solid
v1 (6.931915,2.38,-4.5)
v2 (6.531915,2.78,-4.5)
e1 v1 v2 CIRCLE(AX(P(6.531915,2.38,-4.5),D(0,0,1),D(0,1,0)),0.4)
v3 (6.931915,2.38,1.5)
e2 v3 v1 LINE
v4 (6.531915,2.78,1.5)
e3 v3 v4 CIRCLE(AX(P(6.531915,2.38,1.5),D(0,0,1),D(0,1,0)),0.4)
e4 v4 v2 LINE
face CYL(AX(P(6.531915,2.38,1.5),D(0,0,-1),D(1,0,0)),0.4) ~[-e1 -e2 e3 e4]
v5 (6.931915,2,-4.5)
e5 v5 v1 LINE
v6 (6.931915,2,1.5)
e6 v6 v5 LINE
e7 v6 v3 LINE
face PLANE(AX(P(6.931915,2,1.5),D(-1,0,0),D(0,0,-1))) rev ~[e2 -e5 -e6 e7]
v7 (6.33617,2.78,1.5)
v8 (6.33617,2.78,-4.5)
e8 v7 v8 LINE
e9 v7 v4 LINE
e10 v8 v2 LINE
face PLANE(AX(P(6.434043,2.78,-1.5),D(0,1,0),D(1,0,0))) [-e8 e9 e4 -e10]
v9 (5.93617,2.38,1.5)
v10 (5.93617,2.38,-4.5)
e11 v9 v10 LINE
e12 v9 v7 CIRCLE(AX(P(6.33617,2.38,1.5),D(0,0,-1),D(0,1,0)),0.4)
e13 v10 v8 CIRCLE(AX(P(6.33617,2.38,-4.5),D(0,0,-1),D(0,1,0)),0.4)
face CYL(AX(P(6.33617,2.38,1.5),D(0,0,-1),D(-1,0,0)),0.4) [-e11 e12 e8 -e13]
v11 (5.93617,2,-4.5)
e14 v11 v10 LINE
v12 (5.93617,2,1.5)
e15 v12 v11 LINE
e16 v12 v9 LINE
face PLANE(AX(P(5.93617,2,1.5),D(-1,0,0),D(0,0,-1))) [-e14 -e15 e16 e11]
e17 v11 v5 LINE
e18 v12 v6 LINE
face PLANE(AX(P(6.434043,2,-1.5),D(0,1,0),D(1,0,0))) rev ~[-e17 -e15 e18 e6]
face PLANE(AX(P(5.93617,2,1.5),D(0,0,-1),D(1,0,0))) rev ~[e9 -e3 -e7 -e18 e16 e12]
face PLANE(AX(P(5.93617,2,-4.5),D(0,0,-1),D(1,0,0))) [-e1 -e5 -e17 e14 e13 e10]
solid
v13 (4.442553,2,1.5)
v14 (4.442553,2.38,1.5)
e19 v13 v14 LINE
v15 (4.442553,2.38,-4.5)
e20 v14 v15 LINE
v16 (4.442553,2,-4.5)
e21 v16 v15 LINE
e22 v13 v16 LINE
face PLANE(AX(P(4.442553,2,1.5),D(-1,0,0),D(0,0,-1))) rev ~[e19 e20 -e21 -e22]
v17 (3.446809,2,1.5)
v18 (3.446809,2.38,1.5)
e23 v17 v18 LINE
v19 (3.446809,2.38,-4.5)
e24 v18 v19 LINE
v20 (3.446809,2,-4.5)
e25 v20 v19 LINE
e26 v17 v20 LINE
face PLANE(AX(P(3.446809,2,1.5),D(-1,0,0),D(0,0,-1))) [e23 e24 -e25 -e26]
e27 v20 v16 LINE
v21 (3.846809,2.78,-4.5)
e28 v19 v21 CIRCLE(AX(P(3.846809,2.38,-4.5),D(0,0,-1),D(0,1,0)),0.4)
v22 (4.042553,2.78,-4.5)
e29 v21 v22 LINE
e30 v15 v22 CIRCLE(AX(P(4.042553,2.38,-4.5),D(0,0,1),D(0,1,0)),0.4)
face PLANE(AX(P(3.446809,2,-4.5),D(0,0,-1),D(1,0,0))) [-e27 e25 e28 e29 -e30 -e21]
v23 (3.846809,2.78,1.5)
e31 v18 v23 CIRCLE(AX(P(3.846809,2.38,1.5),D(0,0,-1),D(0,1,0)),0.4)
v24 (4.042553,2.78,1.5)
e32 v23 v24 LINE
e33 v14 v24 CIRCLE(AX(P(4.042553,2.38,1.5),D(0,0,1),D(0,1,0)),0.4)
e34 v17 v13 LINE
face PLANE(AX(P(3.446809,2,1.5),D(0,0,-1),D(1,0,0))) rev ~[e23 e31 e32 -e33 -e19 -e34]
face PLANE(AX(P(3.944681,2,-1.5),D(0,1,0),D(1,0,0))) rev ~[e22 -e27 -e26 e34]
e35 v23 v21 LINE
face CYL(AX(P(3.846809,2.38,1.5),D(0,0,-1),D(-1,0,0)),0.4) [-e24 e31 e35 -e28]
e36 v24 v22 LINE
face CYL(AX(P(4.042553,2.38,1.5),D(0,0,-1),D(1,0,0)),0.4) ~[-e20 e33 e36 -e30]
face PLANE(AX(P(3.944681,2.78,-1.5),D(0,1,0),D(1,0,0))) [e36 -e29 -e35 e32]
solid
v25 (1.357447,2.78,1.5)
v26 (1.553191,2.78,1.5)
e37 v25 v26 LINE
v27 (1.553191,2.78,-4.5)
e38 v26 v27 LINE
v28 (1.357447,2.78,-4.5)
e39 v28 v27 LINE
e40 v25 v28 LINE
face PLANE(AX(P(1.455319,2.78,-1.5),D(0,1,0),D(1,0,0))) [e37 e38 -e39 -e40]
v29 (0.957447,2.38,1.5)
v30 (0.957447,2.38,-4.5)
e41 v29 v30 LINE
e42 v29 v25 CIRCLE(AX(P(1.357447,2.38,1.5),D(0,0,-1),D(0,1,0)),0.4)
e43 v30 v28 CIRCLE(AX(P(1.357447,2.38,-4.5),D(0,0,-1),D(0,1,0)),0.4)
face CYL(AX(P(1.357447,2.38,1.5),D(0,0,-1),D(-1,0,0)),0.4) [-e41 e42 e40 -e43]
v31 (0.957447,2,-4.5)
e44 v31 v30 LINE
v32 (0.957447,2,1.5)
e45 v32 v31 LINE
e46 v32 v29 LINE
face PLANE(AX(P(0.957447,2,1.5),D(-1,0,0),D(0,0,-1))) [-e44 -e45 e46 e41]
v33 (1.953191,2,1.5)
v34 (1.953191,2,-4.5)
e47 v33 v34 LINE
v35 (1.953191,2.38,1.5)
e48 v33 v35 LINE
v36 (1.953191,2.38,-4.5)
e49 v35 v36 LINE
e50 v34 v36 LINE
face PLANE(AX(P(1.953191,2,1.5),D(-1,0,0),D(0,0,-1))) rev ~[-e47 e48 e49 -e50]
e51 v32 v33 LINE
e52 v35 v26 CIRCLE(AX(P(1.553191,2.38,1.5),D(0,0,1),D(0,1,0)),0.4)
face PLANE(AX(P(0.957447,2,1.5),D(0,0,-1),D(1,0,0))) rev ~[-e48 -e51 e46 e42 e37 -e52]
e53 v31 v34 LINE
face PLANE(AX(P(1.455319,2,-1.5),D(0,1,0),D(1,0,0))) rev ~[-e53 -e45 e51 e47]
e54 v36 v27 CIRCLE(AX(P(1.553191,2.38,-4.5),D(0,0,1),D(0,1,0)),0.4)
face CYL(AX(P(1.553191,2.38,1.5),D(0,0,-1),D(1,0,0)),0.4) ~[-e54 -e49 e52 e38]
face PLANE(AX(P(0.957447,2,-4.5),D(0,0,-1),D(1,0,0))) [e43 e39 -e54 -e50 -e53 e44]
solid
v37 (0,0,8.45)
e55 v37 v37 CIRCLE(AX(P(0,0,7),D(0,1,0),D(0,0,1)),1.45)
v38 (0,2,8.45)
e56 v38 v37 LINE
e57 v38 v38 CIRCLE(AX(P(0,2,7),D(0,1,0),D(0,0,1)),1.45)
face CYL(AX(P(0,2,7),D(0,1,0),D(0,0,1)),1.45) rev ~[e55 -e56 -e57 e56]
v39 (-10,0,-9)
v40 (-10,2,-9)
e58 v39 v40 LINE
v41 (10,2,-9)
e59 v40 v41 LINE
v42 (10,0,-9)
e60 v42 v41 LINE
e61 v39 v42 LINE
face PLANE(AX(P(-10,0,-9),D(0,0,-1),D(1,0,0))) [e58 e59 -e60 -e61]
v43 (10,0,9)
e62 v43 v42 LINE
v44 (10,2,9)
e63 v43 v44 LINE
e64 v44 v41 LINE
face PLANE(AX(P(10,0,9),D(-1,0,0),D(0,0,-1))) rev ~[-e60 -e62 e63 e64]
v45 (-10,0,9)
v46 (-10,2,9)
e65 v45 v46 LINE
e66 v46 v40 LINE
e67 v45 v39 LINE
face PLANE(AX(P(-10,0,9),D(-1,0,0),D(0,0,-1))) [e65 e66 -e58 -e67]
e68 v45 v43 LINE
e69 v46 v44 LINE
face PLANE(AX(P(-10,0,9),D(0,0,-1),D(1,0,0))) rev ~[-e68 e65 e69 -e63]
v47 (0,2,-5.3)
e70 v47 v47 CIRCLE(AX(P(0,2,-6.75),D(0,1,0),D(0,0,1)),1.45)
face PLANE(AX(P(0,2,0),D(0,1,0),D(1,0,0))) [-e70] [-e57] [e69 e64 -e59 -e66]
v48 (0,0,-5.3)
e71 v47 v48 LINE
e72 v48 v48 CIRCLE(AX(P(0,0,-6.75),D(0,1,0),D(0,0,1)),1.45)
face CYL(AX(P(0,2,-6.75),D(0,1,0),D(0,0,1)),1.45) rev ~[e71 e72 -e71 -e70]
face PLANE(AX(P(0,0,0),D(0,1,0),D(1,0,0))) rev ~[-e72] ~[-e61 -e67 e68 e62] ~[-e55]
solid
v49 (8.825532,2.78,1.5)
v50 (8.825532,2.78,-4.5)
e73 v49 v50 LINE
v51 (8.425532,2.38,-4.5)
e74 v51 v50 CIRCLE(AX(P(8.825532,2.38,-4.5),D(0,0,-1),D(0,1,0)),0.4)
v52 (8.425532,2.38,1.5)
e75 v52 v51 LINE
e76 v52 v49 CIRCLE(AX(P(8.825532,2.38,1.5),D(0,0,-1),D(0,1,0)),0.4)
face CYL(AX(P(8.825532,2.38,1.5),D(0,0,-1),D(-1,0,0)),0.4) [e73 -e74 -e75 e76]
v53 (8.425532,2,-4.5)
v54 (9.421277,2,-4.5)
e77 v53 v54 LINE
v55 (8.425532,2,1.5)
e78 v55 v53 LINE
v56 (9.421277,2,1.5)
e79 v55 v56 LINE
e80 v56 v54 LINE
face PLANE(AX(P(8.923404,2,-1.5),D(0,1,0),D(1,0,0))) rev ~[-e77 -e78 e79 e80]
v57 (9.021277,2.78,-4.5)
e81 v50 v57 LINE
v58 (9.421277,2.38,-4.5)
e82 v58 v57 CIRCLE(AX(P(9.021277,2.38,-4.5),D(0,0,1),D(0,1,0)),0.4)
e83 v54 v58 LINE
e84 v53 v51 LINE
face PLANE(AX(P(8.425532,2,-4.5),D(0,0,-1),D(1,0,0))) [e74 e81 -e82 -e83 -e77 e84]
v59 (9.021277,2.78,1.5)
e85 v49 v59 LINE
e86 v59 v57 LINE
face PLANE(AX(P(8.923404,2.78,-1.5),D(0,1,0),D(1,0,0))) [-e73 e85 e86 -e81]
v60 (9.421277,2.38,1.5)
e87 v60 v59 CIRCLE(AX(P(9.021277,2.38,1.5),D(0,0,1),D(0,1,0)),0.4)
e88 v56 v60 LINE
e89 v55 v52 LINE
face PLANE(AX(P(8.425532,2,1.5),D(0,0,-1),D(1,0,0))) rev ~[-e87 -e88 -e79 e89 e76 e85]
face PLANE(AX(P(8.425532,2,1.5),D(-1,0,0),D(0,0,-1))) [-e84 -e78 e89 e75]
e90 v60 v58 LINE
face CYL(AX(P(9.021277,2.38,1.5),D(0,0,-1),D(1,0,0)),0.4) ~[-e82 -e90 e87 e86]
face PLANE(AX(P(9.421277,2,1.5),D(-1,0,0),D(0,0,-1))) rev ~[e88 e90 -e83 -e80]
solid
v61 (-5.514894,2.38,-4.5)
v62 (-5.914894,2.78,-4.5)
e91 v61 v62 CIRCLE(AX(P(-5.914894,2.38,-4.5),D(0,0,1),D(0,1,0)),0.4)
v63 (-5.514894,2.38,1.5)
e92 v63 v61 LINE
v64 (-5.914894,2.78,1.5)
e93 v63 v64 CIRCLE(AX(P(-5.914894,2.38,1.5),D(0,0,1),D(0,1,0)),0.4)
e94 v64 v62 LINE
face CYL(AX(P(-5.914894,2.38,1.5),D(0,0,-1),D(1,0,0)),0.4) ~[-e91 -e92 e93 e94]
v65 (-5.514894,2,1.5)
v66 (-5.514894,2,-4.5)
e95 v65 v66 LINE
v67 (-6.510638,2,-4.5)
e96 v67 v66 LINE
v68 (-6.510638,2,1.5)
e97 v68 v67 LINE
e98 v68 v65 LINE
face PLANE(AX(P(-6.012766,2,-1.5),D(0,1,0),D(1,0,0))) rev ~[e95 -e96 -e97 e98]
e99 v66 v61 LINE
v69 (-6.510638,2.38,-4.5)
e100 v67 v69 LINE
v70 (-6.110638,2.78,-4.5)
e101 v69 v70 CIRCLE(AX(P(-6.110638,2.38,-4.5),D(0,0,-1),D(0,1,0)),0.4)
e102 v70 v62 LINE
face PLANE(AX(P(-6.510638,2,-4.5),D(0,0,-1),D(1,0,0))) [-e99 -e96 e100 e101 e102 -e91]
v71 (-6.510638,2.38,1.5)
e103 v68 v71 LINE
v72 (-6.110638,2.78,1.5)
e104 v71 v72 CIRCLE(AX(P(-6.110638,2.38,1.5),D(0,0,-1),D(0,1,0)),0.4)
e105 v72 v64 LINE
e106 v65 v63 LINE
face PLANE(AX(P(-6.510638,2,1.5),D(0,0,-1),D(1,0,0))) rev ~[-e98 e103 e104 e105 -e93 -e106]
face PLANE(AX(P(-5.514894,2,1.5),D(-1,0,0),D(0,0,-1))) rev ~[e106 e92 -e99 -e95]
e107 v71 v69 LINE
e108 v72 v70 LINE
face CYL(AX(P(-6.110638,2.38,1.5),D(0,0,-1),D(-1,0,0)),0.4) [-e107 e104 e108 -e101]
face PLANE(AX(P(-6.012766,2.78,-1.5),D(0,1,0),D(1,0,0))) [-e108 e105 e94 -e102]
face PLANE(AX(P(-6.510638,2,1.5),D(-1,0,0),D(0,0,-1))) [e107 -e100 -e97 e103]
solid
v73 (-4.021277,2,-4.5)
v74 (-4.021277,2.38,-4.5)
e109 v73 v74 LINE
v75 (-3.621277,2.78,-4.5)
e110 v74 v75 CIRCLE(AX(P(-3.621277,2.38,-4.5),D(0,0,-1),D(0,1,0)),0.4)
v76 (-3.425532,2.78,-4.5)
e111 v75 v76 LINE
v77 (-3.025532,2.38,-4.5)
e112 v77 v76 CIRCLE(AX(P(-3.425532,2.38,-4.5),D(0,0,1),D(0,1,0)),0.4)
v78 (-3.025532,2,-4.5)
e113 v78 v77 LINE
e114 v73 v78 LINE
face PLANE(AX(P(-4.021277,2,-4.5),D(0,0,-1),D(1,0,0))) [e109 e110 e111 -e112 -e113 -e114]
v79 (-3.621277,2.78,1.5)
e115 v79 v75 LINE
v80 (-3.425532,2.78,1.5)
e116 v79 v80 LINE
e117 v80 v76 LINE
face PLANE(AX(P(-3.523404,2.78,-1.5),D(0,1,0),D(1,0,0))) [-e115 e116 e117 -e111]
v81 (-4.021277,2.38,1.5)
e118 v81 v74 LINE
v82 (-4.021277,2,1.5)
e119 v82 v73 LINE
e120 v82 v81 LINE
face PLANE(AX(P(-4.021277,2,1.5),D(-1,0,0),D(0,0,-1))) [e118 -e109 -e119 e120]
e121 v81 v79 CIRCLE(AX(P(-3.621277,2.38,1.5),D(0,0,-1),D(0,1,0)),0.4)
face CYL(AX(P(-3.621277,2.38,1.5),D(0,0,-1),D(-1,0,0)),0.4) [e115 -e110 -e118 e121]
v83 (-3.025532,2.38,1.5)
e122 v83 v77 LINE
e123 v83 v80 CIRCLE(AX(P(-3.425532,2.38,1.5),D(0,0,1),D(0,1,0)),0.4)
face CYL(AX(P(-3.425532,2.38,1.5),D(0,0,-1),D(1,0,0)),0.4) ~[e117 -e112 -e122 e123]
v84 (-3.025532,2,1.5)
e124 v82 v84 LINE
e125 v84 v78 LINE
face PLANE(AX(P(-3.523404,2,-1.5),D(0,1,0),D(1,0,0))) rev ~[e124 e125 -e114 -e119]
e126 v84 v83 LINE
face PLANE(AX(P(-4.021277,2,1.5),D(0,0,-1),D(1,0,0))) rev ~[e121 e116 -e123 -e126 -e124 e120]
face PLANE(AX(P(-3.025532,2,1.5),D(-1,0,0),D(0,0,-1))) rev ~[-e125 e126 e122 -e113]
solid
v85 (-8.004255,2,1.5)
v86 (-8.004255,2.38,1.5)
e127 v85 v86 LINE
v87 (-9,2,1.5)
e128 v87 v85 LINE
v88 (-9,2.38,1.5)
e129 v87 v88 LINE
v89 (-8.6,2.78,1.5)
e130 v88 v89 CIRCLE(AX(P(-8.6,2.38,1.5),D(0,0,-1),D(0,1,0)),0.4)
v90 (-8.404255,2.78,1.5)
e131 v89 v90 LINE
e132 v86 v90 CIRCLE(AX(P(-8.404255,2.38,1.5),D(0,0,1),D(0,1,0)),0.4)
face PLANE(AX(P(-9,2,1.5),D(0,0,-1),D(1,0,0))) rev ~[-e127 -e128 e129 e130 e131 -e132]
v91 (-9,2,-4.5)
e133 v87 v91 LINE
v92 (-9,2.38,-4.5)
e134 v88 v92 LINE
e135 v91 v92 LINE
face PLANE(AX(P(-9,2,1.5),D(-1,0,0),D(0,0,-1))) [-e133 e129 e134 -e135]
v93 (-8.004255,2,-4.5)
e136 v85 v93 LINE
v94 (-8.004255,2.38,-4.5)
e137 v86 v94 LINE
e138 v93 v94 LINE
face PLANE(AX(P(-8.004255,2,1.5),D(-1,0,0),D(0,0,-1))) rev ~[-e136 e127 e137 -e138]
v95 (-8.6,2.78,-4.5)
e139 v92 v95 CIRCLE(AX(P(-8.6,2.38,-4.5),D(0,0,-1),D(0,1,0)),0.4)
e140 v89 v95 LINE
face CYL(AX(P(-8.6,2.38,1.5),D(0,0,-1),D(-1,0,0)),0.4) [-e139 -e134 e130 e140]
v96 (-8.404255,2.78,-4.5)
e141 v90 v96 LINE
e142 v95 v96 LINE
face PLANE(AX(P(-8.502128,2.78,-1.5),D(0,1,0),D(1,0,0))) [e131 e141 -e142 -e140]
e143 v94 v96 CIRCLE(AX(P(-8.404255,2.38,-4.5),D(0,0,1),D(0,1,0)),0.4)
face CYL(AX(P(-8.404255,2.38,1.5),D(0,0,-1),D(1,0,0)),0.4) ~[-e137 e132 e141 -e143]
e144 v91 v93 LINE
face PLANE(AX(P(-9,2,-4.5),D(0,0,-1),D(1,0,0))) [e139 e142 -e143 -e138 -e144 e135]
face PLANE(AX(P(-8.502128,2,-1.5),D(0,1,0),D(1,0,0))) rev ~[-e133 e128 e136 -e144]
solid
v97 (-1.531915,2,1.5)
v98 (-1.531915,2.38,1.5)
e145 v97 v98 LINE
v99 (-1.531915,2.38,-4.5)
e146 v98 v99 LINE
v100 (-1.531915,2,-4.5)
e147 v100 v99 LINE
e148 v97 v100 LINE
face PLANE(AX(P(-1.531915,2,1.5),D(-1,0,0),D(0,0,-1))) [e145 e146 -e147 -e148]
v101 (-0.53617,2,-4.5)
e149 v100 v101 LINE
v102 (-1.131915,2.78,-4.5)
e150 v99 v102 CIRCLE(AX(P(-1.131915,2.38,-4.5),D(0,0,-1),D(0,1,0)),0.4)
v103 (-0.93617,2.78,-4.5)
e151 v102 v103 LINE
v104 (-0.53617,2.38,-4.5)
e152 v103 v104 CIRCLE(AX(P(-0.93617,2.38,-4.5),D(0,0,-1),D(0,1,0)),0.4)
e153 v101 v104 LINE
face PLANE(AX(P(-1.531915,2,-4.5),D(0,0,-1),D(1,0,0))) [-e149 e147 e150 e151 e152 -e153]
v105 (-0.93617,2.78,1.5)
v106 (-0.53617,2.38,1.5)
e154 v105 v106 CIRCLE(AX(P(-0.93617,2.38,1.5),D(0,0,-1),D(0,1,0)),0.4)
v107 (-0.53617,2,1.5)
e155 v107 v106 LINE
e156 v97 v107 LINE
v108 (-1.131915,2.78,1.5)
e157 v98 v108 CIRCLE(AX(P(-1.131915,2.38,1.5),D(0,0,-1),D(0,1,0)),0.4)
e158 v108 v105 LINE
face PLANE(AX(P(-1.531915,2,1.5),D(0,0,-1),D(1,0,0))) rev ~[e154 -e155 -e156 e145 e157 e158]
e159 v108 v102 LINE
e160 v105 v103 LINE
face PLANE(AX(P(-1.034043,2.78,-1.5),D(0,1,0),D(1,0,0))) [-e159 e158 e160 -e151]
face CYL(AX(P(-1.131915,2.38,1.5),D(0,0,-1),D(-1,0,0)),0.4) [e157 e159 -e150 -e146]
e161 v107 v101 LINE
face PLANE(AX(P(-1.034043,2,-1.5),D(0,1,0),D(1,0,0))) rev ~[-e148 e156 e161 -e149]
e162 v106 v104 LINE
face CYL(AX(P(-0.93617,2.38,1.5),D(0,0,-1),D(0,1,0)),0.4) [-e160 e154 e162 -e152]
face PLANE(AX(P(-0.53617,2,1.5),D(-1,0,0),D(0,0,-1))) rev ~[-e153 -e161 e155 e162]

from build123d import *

# Parameters (mm, degrees)
SKETCH_1_W          = 20
SKETCH_1_H          = 18
EXTRUDE_1_DEPTH     = 2
SKETCH_2_R          = 1.45
CUT_EXTRUDE_1_DEPTH = 2
SKETCH_6_W          = 0.995744681
SKETCH_6_H          = 6
EXTRUDE_4_DEPTH     = 0.78
EXTRUDE_4_2_DEPTH   = 0.78
SKETCH_6_W_2        = 0.99574468
EXTRUDE_4_3_DEPTH   = 0.78
EXTRUDE_4_4_DEPTH   = 0.78
EXTRUDE_4_5_DEPTH   = 0.78
EXTRUDE_4_6_DEPTH   = 0.78
EXTRUDE_4_7_DEPTH   = 0.78
EXTRUDE_4_8_DEPTH   = 0.78
FILLET_11_R         = 0.4
FILLET_12_R         = 0.4
FILLET_13_R         = 0.4
FILLET_14_R         = 0.4
FILLET_15_R         = 0.4
FILLET_16_R         = 0.4
FILLET_17_R         = 0.4
FILLET_18_R         = 0.4
FILLET_19_R         = 0.4


with BuildPart() as part:
    # 草图1 → 凸台-拉伸1 (new body)
    with BuildSketch(Plane(origin=(0, 0, 0), x_dir=(1, 0, 0), z_dir=(0, 1, 0))):
        Rectangle(SKETCH_1_W, SKETCH_1_H)
    extrude(amount=EXTRUDE_1_DEPTH)

    # 草图2 → 切除-拉伸1 (cut)
    with BuildSketch(Plane(origin=(-240.647809903, 2, 128.997706918), x_dir=(-0.03789144558413265, 0, 0.9992818613141864), z_dir=(0, 1, 0))):
        with Locations(Location((-131.028589039, 235.852321928, 0), (0, 0, 2.171539759))):
            Circle(SKETCH_2_R)
        with Locations(Location((-144.768714632, 235.331314552, 0), (0, 0, 2.171539759))):
            Circle(SKETCH_2_R)
    extrude(amount=-CUT_EXTRUDE_1_DEPTH, mode=Mode.SUBTRACT)


with BuildPart() as body_2:
    # 草图6 → 凸台-拉伸4 (new body)
    with BuildSketch(Plane(origin=(0, 2, 0), x_dir=(1, 0, 0), z_dir=(0, 1, 0))):
        with Locations((8.923404255, 1.5)):
            Rectangle(SKETCH_6_W, SKETCH_6_H)
    extrude(amount=EXTRUDE_4_DEPTH)

    # 圆角19
    fillet_19_edges = [body_2.edges().sort_by_distance(p)[0] for p in [
        (8.425531915, 2.78, -1.5),
        (9.421276596, 2.78, -1.5),
    ]]
    fillet(fillet_19_edges, radius=FILLET_19_R)


with BuildPart() as body_3:
    # 草图6 → Extrude 4 2 (new body)
    with BuildSketch(Plane(origin=(0, 2, 0), x_dir=(1, 0, 0), z_dir=(0, 1, 0))):
        with Locations((6.434042554, 1.5)):
            Rectangle(SKETCH_6_W, SKETCH_6_H)
    extrude(amount=EXTRUDE_4_2_DEPTH)

    # 圆角18
    fillet_18_edges = [body_3.edges().sort_by_distance(p)[0] for p in [
        (5.936170213, 2.78, -1.5),
        (6.931914894, 2.78, -1.5),
    ]]
    fillet(fillet_18_edges, radius=FILLET_18_R)


with BuildPart() as body_4:
    # 草图6 → Extrude 4 3 (new body)
    with BuildSketch(Plane(origin=(0, 2, 0), x_dir=(1, 0, 0), z_dir=(0, 1, 0))):
        with Locations((3.944680851, 1.5)):
            Rectangle(SKETCH_6_W_2, SKETCH_6_H)
    extrude(amount=EXTRUDE_4_3_DEPTH)

    # 圆角17
    fillet_17_edges = [body_4.edges().sort_by_distance(p)[0] for p in [
        (3.446808511, 2.78, -1.5),
        (4.442553191, 2.78, -1.5),
    ]]
    fillet(fillet_17_edges, radius=FILLET_17_R)


with BuildPart() as body_5:
    # 草图6 → Extrude 4 4 (new body)
    with BuildSketch(Plane(origin=(0, 2, 0), x_dir=(1, 0, 0), z_dir=(0, 1, 0))):
        with Locations((1.455319149, 1.5)):
            Rectangle(SKETCH_6_W_2, SKETCH_6_H)
    extrude(amount=EXTRUDE_4_4_DEPTH)

    # 圆角16
    fillet_16_edges = [body_5.edges().sort_by_distance(p)[0] for p in [
        (0.957446809, 2.78, -1.5),
        (1.953191489, 2.78, -1.5),
    ]]
    fillet(fillet_16_edges, radius=FILLET_16_R)


with BuildPart() as body_6:
    # 草图6 → Extrude 4 5 (new body)
    with BuildSketch(Plane(origin=(0, 2, 0), x_dir=(1, 0, 0), z_dir=(0, 1, 0))):
        with Locations((-1.034042553, 1.5)):
            Rectangle(SKETCH_6_W, SKETCH_6_H)
    extrude(amount=EXTRUDE_4_5_DEPTH)

    # 圆角14
    fillet_14_edges = [body_6.edges().sort_by_distance(p)[0] for p in [
        (-1.531914894, 2.78, -1.5),
    ]]
    fillet(fillet_14_edges, radius=FILLET_14_R)

    # 圆角15
    fillet_15_edges = [body_6.edges().sort_by_distance(p)[0] for p in [
        (-0.536170213, 2.78, -1.5),
    ]]
    fillet(fillet_15_edges, radius=FILLET_15_R)


with BuildPart() as body_7:
    # 草图6 → Extrude 4 6 (new body)
    with BuildSketch(Plane(origin=(0, 2, 0), x_dir=(1, 0, 0), z_dir=(0, 1, 0))):
        with Locations((-3.523404256, 1.5)):
            Rectangle(SKETCH_6_W, SKETCH_6_H)
    extrude(amount=EXTRUDE_4_6_DEPTH)

    # 圆角13
    fillet_13_edges = [body_7.edges().sort_by_distance(p)[0] for p in [
        (-4.021276596, 2.78, -1.5),
        (-3.025531915, 2.78, -1.5),
    ]]
    fillet(fillet_13_edges, radius=FILLET_13_R)


with BuildPart() as body_8:
    # 草图6 → Extrude 4 7 (new body)
    with BuildSketch(Plane(origin=(0, 2, 0), x_dir=(1, 0, 0), z_dir=(0, 1, 0))):
        with Locations((-6.012765958, 1.5)):
            Rectangle(SKETCH_6_W, SKETCH_6_H)
    extrude(amount=EXTRUDE_4_7_DEPTH)

    # 圆角12
    fillet_12_edges = [body_8.edges().sort_by_distance(p)[0] for p in [
        (-6.510638298, 2.78, -1.5),
        (-5.514893617, 2.78, -1.5),
    ]]
    fillet(fillet_12_edges, radius=FILLET_12_R)


with BuildPart() as body_9:
    # 草图6 → Extrude 4 8 (new body)
    with BuildSketch(Plane(origin=(0, 2, 0), x_dir=(1, 0, 0), z_dir=(0, 1, 0))):
        with Locations((-8.50212766, 1.5)):
            Rectangle(SKETCH_6_W, SKETCH_6_H)
    extrude(amount=EXTRUDE_4_8_DEPTH)

    # 圆角11
    fillet_11_edges = [body_9.edges().sort_by_distance(p)[0] for p in [
        (-8.004255319, 2.78, -1.5),
        (-9, 2.78, -1.5),
    ]]
    fillet(fillet_11_edges, radius=FILLET_11_R)


solid = Compound([part.part, body_2.part, body_3.part, body_4.part, body_5.part, body_6.part, body_7.part, body_8.part, body_9.part])
